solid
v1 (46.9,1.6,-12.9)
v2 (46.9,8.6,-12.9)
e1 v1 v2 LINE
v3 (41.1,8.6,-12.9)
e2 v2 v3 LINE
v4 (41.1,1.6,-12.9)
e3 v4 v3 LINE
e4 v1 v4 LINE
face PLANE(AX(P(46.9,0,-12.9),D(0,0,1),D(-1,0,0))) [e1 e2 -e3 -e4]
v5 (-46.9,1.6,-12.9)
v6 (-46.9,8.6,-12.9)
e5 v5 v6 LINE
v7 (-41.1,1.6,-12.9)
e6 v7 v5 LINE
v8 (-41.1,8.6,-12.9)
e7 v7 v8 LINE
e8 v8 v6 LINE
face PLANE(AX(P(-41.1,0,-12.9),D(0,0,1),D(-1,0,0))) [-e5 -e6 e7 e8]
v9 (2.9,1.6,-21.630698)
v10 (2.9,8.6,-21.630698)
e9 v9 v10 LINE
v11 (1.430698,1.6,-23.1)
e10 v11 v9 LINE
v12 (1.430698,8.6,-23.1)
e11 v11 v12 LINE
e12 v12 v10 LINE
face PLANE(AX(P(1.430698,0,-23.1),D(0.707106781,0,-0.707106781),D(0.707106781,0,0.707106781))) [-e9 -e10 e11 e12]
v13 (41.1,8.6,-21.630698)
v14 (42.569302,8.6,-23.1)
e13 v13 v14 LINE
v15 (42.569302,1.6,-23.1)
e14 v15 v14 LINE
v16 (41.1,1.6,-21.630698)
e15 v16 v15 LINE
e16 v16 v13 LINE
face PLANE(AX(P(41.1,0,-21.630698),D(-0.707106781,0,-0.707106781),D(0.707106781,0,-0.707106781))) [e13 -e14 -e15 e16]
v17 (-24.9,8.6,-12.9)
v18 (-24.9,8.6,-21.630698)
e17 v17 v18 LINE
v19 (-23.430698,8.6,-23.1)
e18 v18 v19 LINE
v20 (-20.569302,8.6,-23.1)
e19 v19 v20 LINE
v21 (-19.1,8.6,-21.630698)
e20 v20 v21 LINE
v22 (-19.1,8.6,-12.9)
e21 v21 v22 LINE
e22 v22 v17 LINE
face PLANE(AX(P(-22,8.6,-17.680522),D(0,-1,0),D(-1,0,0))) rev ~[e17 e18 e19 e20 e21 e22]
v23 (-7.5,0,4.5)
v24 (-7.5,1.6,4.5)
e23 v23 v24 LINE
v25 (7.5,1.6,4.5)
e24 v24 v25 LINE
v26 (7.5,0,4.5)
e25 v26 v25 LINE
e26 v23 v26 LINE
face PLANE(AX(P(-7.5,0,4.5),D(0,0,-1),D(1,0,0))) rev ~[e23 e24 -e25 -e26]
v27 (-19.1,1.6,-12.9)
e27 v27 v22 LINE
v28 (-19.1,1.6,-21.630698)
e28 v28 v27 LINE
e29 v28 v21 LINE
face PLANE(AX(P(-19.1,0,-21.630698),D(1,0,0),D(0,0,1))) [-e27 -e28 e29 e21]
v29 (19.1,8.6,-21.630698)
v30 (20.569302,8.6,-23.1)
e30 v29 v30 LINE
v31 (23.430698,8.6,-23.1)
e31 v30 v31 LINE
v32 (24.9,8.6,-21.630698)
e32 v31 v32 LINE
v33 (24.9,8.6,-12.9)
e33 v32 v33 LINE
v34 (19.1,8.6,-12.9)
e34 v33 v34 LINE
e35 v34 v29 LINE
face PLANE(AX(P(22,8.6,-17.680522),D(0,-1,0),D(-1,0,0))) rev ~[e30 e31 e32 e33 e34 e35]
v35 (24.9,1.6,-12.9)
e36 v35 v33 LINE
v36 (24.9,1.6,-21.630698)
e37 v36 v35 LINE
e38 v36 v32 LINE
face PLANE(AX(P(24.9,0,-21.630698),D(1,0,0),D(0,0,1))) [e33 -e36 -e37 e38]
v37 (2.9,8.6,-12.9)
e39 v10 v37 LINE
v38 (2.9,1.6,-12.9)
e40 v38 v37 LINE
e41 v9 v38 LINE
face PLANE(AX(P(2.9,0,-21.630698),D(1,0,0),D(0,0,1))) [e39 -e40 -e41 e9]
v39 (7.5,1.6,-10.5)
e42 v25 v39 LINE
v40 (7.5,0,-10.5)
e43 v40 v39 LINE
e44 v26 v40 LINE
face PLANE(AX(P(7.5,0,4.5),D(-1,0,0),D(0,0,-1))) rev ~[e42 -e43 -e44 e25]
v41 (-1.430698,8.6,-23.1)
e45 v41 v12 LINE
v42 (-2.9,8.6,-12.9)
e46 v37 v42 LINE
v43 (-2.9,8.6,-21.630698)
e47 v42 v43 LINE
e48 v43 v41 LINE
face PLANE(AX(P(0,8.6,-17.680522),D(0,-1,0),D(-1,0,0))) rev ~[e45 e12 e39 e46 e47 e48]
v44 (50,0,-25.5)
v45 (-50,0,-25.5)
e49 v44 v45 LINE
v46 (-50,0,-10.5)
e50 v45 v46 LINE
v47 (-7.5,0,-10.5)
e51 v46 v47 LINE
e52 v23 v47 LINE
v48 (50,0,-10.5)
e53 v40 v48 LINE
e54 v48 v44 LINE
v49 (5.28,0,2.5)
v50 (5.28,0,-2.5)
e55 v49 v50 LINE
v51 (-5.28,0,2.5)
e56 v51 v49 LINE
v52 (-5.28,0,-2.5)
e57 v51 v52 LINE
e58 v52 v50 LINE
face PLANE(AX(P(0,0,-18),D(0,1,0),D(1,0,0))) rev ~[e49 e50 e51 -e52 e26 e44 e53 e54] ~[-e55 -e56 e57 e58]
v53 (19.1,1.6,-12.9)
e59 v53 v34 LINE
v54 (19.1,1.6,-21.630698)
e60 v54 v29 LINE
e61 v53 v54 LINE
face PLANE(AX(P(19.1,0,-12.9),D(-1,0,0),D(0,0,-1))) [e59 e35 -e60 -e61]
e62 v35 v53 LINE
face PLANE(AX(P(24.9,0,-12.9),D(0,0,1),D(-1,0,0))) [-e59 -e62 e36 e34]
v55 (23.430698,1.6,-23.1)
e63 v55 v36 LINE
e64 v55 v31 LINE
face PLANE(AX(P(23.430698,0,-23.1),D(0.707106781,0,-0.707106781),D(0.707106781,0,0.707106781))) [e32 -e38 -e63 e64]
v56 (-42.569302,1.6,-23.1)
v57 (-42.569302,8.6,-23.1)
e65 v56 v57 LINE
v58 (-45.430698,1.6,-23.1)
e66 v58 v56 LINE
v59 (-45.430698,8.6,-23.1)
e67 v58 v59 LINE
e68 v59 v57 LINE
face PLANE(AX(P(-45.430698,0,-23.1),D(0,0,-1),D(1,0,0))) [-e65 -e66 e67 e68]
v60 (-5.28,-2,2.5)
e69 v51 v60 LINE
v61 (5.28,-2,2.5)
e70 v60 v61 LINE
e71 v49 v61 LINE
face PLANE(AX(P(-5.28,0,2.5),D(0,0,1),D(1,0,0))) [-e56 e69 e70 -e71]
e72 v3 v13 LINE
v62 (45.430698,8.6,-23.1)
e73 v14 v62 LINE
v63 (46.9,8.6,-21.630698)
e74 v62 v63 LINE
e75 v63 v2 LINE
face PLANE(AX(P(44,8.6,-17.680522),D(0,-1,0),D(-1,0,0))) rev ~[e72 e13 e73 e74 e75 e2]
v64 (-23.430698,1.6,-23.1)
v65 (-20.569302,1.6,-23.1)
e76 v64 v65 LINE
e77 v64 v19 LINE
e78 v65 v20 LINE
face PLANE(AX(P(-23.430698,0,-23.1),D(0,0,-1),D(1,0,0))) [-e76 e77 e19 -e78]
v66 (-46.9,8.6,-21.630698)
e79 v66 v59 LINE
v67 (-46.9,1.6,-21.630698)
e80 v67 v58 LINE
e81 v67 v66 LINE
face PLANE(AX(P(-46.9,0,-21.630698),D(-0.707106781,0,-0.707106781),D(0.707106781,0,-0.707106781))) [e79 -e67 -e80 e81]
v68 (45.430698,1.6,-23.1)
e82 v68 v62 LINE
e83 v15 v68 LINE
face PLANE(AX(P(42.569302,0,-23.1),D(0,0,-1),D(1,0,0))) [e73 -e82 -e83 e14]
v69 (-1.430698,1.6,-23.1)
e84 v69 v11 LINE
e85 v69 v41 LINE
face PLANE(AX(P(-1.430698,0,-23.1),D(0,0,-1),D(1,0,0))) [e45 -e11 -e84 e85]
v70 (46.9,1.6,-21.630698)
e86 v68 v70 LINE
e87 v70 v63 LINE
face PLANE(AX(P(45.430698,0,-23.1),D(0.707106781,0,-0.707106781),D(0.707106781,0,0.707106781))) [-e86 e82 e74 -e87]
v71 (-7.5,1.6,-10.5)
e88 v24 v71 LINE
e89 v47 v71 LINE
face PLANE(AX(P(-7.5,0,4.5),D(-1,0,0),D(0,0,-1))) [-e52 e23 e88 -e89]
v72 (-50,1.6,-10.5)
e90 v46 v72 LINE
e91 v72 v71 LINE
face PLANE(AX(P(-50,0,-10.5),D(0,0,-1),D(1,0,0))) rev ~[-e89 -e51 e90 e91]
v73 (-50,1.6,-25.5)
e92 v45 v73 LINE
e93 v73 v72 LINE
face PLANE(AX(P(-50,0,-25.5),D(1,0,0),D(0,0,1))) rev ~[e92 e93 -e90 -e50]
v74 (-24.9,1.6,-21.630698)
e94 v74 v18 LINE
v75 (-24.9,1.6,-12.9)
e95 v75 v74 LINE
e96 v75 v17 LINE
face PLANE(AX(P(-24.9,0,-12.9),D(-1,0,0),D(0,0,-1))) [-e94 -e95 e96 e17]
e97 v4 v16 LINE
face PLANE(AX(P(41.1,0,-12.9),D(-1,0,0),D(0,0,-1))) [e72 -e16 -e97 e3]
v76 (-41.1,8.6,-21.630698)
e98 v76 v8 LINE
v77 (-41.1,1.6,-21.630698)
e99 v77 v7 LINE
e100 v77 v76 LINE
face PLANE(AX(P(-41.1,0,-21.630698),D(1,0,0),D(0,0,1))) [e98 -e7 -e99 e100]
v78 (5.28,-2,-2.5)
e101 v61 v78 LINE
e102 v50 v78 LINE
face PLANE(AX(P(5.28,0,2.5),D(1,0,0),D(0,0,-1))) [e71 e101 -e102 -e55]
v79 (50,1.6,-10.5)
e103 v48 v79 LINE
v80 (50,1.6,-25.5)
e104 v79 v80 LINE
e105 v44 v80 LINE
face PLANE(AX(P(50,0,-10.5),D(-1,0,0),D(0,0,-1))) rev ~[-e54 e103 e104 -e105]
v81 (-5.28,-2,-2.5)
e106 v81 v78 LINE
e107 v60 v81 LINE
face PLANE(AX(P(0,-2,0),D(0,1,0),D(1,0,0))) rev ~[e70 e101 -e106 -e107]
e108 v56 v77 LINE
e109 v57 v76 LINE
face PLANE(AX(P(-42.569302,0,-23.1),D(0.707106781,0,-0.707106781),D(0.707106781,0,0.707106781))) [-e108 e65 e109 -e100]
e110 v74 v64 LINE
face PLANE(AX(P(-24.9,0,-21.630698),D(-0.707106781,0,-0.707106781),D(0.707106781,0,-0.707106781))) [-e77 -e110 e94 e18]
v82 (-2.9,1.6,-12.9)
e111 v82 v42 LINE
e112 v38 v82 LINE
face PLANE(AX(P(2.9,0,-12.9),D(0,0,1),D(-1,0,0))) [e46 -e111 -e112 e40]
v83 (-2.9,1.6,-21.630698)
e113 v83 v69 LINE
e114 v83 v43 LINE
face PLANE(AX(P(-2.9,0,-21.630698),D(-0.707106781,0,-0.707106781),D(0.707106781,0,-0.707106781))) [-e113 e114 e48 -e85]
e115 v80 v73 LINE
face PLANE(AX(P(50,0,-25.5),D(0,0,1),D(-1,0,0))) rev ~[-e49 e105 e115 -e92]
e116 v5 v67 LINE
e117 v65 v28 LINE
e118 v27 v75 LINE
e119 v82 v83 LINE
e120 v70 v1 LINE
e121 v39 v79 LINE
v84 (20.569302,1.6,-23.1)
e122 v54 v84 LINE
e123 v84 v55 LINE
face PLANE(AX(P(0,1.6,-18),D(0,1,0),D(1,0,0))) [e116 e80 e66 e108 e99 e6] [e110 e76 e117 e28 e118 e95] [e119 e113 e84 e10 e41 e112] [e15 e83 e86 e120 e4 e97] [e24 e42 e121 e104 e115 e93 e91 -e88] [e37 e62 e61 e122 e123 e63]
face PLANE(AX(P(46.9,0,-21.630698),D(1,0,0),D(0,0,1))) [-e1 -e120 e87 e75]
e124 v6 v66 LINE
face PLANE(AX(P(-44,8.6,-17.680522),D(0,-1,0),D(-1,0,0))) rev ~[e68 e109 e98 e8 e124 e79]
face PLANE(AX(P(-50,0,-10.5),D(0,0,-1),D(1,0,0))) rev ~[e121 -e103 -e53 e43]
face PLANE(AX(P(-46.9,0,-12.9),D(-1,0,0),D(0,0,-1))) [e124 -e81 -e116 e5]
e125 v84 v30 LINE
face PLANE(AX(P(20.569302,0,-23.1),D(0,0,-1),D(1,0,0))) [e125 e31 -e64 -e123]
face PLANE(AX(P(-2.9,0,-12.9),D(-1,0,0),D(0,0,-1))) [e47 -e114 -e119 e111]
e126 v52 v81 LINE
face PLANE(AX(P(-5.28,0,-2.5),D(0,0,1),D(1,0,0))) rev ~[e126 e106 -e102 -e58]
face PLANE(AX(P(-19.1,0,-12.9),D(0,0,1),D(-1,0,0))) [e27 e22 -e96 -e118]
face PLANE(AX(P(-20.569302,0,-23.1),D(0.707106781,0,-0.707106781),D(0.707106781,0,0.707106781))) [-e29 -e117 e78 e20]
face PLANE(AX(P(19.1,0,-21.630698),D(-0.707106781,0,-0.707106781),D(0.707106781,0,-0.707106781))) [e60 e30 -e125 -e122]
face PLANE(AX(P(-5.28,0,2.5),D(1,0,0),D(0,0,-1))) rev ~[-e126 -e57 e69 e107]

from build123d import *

# Parameters (mm, degrees)
BOSS_EXTRUDE1_DEPTH = 1.6
SKETCH1_3_W         = 10.56
SKETCH1_3_H         = 5
BOSS_EXTRUDE2_DEPTH = 2
BOSS_EXTRUDE3_DEPTH = 8.6


with BuildPart() as part:
    # Sketch1 → Boss-Extrude1 (new body)
    with BuildSketch(Plane(origin=(0, 0, 0), x_dir=(1, 0, 0), z_dir=(0, 1, 0))):
        Polygon((-7.5, 10.5), (-7.5, -4.5), (7.5, -4.5), (7.5, 10.5), (50, 10.5), (50, 25.5), (-50, 25.5), (-50, 10.5), align=None)
        Polygon((46.9, 21.630697763), (46.9, 12.9), (41.1, 12.9), (41.1, 21.630697763), (42.569302237, 23.1), (45.430697763, 23.1), align=None, mode=Mode.SUBTRACT)
        Polygon((-42.569302237, 23.1), (-41.1, 21.630697763), (-41.1, 12.9), (-46.9, 12.9), (-46.9, 21.630697763), (-45.430697763, 23.1), align=None, mode=Mode.SUBTRACT)
        Polygon((-20.569302237, 23.1), (-19.1, 21.630697763), (-19.1, 12.9), (-24.9, 12.9), (-24.9, 21.630697763), (-23.430697763, 23.1), align=None, mode=Mode.SUBTRACT)
        Polygon((2.9, 12.9), (-2.9, 12.9), (-2.9, 21.630697763), (-1.430697763, 23.1), (1.430697763, 23.1), (2.9, 21.630697763), align=None, mode=Mode.SUBTRACT)
        Polygon((23.430697763, 23.1), (24.9, 21.630697763), (24.9, 12.9), (19.1, 12.9), (19.1, 21.630697763), (20.569302237, 23.1), align=None, mode=Mode.SUBTRACT)
    extrude(amount=BOSS_EXTRUDE1_DEPTH)

    # Sketch1<3> → Boss-Extrude2 (add)
    with BuildSketch(Plane(origin=(0, 0, 0), x_dir=(1, 0, 0), z_dir=(0, 1, 0))):
        Rectangle(SKETCH1_3_W, SKETCH1_3_H)
    extrude(amount=-BOSS_EXTRUDE2_DEPTH)

    # Sketch1<4> → Boss-Extrude3 (add)
    with BuildSketch(Plane(origin=(0, 0, 0), x_dir=(1, 0, 0), z_dir=(0, 1, 0))):
        Polygon((-2.9, 21.630697763), (-2.9, 12.9), (2.9, 12.9), (2.9, 21.630697763), (1.430697763, 23.1), (-1.430697763, 23.1), align=None)
        Polygon((24.9, 12.9), (24.9, 21.630697763), (23.430697763, 23.1), (20.569302237, 23.1), (19.1, 21.630697763), (19.1, 12.9), align=None)
        Polygon((46.9, 12.9), (46.9, 21.630697763), (45.430697763, 23.1), (42.569302237, 23.1), (41.1, 21.630697763), (41.1, 12.9), align=None)
        Polygon((-19.1, 12.9), (-19.1, 21.630697763), (-20.569302237, 23.1), (-23.430697763, 23.1), (-24.9, 21.630697763), (-24.9, 12.9), align=None)
        Polygon((-41.1, 12.9), (-41.1, 21.630697763), (-42.569302237, 23.1), (-45.430697763, 23.1), (-46.9, 21.630697763), (-46.9, 12.9), align=None)
    extrude(amount=BOSS_EXTRUDE3_DEPTH)


solid = part.part
